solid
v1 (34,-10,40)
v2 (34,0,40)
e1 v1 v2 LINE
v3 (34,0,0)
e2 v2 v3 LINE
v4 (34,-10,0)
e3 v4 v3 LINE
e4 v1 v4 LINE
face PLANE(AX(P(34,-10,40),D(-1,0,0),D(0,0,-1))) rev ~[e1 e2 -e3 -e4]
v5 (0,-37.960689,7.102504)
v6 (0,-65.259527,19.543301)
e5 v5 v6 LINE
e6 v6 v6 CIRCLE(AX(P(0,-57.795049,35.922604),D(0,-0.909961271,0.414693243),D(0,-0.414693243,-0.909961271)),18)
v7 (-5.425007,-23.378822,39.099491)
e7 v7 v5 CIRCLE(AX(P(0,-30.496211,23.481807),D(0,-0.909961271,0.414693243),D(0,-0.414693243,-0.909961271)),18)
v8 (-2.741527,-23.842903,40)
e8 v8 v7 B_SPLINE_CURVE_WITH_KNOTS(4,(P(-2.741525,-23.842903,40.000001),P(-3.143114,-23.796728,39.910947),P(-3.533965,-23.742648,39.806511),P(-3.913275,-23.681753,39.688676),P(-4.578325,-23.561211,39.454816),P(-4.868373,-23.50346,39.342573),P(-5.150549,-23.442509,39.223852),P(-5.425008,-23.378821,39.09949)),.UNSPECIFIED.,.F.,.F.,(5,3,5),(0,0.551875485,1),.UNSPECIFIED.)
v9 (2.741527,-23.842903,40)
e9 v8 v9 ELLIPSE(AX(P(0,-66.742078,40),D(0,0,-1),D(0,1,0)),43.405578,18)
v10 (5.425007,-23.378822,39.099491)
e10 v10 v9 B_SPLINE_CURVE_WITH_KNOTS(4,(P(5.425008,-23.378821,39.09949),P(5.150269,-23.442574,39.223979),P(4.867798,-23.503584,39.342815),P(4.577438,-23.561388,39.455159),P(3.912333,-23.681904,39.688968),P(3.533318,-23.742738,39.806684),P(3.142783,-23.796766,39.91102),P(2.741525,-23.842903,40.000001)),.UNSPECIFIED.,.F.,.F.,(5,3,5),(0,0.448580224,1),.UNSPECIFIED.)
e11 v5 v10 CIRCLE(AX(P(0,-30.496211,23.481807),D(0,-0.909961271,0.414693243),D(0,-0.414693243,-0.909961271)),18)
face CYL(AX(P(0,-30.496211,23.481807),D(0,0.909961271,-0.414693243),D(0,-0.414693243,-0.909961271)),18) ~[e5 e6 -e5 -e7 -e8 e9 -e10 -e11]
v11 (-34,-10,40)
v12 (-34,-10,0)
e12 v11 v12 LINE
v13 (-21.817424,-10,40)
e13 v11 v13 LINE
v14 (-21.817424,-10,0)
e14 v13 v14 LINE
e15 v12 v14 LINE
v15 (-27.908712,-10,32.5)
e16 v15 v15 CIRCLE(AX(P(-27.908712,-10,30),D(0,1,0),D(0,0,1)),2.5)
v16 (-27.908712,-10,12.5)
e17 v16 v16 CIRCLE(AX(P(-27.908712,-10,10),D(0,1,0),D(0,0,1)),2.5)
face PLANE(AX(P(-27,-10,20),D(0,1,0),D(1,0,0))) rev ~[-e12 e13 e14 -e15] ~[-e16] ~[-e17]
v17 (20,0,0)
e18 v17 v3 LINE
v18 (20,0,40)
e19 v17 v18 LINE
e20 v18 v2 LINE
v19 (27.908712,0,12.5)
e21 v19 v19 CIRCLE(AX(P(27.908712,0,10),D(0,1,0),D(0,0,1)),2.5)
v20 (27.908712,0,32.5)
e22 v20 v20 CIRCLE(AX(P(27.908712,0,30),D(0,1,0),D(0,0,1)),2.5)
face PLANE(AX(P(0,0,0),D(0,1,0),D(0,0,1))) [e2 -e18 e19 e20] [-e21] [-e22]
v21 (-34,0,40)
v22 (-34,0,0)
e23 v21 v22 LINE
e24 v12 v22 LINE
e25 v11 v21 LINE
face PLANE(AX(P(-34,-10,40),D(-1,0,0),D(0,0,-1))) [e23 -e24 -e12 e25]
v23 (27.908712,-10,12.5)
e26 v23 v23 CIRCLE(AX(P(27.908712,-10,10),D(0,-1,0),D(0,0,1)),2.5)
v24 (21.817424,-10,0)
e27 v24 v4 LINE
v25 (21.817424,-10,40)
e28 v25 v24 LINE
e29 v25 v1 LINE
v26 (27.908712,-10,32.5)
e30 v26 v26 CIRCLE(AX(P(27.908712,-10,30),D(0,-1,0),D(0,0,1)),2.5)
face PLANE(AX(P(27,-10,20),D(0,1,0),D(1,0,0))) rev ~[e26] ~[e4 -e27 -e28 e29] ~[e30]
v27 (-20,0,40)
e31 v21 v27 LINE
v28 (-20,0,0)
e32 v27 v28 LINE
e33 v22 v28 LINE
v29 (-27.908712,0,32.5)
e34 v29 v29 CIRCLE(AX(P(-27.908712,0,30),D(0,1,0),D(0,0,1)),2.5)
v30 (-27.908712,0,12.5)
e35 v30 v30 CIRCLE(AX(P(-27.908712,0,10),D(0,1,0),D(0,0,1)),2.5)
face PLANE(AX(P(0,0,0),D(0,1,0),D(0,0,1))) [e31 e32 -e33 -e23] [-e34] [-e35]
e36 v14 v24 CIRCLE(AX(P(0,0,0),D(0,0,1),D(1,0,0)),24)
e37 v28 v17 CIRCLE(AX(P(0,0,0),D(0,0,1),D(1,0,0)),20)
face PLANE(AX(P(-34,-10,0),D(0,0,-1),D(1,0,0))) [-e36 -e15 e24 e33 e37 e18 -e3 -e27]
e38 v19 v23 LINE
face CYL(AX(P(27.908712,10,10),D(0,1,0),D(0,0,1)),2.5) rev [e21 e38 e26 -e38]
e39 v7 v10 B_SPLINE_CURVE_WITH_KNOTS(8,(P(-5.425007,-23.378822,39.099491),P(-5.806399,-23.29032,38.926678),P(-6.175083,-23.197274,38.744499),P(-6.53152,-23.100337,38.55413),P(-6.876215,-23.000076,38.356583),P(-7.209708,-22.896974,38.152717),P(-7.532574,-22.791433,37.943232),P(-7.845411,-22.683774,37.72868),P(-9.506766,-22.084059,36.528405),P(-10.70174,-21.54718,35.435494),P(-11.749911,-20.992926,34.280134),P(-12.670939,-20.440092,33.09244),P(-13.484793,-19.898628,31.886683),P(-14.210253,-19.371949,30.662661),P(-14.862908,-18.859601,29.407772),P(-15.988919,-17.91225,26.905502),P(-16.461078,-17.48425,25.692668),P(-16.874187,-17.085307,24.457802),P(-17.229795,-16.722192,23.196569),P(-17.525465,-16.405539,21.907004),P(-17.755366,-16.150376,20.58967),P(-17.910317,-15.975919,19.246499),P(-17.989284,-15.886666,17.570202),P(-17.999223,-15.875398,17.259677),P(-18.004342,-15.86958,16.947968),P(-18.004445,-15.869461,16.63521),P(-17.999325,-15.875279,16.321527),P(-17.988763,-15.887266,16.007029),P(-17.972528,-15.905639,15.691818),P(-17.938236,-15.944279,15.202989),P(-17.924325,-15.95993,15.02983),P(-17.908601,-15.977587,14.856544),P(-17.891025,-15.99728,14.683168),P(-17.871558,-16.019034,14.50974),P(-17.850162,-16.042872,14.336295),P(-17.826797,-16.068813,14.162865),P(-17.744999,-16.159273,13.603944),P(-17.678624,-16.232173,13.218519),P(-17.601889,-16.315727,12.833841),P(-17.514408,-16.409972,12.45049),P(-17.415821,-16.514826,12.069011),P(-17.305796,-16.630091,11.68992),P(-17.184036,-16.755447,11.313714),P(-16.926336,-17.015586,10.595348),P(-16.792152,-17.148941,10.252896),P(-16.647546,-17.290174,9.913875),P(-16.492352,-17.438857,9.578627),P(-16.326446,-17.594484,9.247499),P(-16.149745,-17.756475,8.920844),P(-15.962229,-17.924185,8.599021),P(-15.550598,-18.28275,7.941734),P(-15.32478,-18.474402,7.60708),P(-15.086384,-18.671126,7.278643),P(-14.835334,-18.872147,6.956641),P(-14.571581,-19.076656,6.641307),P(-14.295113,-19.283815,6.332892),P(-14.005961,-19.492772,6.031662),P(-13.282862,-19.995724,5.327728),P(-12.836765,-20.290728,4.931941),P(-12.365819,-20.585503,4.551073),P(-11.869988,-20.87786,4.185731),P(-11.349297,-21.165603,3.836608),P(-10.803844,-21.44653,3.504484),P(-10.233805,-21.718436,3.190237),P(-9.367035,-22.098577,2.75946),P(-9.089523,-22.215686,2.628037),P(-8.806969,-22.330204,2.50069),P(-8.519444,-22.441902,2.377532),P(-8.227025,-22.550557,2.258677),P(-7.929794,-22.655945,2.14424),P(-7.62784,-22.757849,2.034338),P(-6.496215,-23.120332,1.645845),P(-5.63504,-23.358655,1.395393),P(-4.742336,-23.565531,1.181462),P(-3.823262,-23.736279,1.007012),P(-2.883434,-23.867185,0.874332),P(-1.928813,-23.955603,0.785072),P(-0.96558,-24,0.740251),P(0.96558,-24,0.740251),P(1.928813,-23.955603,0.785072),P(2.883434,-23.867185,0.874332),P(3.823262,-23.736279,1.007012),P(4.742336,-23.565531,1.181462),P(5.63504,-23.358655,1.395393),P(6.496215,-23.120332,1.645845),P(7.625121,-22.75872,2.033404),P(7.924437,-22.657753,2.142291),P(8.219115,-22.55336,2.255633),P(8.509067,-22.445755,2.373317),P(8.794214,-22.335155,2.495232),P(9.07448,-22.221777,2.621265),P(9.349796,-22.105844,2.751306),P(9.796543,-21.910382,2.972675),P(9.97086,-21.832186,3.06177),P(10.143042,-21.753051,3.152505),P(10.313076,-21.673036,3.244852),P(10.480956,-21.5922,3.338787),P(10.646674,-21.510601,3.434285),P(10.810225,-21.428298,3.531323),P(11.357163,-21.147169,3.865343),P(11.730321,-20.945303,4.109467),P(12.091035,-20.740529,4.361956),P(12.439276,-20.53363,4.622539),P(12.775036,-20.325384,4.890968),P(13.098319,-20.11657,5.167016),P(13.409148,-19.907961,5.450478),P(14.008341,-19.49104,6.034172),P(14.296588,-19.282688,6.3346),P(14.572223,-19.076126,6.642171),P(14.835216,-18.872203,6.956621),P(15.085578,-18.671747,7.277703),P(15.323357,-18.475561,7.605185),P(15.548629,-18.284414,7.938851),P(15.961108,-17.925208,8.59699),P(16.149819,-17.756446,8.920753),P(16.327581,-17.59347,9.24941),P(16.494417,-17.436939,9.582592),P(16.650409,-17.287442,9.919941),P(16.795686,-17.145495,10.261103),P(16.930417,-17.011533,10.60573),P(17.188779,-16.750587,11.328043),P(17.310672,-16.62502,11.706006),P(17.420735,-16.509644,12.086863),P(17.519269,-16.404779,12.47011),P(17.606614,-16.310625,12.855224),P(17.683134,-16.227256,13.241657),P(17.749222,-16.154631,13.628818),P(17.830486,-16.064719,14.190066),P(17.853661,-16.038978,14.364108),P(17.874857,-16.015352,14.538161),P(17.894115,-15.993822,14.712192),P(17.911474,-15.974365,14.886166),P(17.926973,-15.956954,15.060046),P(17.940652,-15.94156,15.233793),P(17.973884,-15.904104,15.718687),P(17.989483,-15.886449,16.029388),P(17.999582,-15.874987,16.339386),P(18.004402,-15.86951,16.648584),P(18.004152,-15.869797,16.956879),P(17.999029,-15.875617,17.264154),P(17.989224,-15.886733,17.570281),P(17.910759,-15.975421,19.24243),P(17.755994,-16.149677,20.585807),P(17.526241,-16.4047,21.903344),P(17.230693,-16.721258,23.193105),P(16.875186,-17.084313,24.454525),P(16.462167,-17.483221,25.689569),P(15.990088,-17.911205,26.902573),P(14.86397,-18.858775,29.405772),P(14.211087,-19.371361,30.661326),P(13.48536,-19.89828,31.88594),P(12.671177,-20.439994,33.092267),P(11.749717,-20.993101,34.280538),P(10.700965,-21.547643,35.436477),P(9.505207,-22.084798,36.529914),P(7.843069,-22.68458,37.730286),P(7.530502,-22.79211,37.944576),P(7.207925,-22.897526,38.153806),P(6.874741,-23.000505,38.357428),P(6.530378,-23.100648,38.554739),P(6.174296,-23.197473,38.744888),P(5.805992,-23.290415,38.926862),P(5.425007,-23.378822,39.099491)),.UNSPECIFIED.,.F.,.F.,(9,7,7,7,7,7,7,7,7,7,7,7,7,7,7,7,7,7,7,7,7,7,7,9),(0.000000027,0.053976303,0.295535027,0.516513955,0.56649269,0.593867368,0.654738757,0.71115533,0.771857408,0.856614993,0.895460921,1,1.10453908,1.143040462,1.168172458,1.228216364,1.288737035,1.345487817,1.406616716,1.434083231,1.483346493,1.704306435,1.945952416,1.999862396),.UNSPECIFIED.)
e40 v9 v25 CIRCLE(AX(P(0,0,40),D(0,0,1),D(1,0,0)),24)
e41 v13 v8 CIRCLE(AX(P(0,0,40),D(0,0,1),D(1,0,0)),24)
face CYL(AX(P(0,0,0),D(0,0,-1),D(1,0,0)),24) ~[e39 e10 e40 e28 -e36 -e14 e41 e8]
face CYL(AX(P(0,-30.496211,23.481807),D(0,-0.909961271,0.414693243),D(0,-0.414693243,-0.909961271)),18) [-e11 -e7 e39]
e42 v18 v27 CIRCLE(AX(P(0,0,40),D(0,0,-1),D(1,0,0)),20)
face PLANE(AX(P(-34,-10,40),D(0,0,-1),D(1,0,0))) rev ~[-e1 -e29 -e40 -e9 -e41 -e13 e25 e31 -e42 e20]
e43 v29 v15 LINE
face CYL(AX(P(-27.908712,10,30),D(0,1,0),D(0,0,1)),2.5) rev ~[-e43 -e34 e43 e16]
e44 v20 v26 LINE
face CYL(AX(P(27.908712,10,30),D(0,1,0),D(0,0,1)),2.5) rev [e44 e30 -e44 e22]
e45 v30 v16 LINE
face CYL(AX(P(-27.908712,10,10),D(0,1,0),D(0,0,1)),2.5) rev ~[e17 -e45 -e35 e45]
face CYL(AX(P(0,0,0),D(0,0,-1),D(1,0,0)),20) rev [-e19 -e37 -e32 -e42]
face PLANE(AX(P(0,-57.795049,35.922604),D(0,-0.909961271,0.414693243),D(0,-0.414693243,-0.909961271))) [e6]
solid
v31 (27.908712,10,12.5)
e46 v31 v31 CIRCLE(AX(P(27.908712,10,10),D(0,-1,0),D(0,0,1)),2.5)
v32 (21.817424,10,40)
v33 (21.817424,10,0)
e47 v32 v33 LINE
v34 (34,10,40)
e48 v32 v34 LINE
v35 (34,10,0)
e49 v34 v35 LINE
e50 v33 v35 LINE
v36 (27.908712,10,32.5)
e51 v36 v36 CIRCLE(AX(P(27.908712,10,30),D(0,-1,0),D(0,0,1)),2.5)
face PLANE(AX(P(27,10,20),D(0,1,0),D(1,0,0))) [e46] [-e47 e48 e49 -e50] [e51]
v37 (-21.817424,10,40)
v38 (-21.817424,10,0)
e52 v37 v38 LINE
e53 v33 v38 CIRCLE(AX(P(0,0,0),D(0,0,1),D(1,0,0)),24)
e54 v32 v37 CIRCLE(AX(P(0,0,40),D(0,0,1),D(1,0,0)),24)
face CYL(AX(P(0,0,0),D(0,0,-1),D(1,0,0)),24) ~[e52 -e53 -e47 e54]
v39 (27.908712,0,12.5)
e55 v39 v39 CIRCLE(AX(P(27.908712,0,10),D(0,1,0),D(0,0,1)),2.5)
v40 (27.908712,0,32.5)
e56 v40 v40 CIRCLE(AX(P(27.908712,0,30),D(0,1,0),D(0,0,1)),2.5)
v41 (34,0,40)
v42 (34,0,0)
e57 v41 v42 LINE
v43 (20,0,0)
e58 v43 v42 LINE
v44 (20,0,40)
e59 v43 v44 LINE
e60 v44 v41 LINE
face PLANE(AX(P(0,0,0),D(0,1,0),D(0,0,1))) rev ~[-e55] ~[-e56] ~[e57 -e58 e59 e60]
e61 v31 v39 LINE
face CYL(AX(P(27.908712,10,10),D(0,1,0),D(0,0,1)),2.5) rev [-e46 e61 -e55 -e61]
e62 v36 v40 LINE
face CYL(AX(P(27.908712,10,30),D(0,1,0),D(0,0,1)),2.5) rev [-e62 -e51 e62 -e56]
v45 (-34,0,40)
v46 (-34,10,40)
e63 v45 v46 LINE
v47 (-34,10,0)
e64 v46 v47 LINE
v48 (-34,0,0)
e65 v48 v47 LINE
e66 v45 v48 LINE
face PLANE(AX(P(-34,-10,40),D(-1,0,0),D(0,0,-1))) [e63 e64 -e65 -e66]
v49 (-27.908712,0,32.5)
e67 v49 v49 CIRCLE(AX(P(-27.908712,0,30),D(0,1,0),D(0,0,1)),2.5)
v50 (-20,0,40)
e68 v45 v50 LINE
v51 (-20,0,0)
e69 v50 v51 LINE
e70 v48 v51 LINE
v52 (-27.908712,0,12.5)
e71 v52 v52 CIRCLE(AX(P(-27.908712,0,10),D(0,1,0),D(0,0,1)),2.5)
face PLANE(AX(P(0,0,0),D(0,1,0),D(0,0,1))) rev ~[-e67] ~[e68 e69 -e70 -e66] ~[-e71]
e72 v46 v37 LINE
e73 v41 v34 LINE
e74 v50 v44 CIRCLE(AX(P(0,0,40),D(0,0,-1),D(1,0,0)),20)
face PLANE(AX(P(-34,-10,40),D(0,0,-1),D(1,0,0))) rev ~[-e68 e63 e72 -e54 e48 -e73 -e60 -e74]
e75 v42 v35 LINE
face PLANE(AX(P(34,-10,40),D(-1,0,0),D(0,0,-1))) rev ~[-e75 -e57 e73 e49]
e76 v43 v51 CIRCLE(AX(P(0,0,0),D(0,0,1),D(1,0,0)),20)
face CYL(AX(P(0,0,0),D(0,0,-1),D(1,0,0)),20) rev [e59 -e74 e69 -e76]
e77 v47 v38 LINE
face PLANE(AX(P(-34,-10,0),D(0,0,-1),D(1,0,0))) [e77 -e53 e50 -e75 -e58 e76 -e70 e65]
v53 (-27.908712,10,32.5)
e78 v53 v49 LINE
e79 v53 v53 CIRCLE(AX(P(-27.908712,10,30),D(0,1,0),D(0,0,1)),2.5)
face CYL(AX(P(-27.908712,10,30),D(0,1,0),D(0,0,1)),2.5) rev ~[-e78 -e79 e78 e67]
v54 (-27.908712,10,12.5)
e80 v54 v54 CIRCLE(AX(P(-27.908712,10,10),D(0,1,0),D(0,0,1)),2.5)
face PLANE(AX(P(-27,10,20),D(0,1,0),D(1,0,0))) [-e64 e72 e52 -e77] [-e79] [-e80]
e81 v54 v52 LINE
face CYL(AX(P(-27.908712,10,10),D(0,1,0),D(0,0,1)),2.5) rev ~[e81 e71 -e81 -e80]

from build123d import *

# Parameters (mm, degrees)
SKETCH1_R                       = 24
SKETCH1_R_2                     = 20
BOSS_EXTRUDE1_DEPTH             = 40
BOSS_EXTRUDE2_DEPTH             = 10
BOSS_EXTRUDE2_DEPTH_BACK        = 10
SKETCH2_W                       = 14
SKETCH2_H                       = 40
CUT_EXTRUDE1_REACH              = 64.546
SKETCH5_R                       = 2.5
SKETCH6_R                       = 18
BOSS_EXTRUDE4_DEPTH             = 30
BOSS_EXTRUDE4_DIRECTION_2_REACH = 73.632


with BuildPart() as part:
    # Sketch1 → Boss-Extrude1 (new body)
    with BuildSketch(Plane.XY):
        Circle(SKETCH1_R)
        Circle(SKETCH1_R_2, mode=Mode.SUBTRACT)
    extrude(amount=BOSS_EXTRUDE1_DEPTH)

    # Sketch2 → Boss-Extrude2 (add, two sides: drawn at the far end of the back side and taken through both)
    with BuildSketch(Plane(origin=(0, 0, 0), x_dir=(1, 0, 0), z_dir=(0, 1, 0)).offset(-BOSS_EXTRUDE2_DEPTH_BACK)):
        with Locations((-27, -20)):
            Rectangle(SKETCH2_W, SKETCH2_H)
        with Locations((27, -20)):
            Rectangle(SKETCH2_W, SKETCH2_H)
    extrude(amount=BOSS_EXTRUDE2_DEPTH + BOSS_EXTRUDE2_DEPTH_BACK)

    # Sketch5 → Cut-Extrude1 (cut, up to next)
    with BuildSketch(Plane(origin=(0, 10, 0), x_dir=(1, 0, 0), z_dir=(0, 1, 0)), mode=Mode.PRIVATE) as cut_extrude1_sk1:
        with Locations((-27.908712115, -10)):
            Circle(SKETCH5_R)
    cut_extrude1_tool1 = extrude(cut_extrude1_sk1.sketch, amount=-CUT_EXTRUDE1_REACH, mode=Mode.PRIVATE) & part.part
    # Sketch5 → Cut-Extrude1 (cut, up to next)
    with BuildSketch(Plane(origin=(0, 10, 0), x_dir=(1, 0, 0), z_dir=(0, 1, 0)), mode=Mode.PRIVATE) as cut_extrude1_sk2:
        with Locations((-27.908712115, -30)):
            Circle(SKETCH5_R)
    cut_extrude1_tool2 = extrude(cut_extrude1_sk2.sketch, amount=-CUT_EXTRUDE1_REACH, mode=Mode.PRIVATE) & part.part
    cut_extrude1_1 = cut_extrude1_tool1.solids().sort_by_distance((-27.908712, 10, 10))[0]
    add(cut_extrude1_1, mode=Mode.SUBTRACT)
    cut_extrude1_2 = cut_extrude1_tool2.solids().sort_by_distance((-27.908712, 10, 30))[0]
    add(cut_extrude1_2, mode=Mode.SUBTRACT)
    cut_extrude1 = cut_extrude1_1 + cut_extrude1_2  # Cut-Extrude1 as one shape, for the pattern or mirror that repeats it

    # Mirror1: Cut-Extrude1 across plane
    add(cut_extrude1.mirror(Plane(origin=(0, 0, 0), x_dir=(0, 0, 1), z_dir=(1, 0, 0))), mode=Mode.SUBTRACT)


with BuildPart() as body_2:
    # Split1: the piece on the far side of the plane
    add(part.part)
    split(bisect_by=Plane.ZX, keep=Keep.BOTTOM)

    # Sketch6 → Boss-Extrude4 (add)
    with BuildSketch(Plane(origin=(0, -34.112734586, 15.546068799), x_dir=(1, 0, 0), z_dir=(0, -0.9099612708765458, 0.41469324265623353))):
        with Locations((0, 8.720962066)):
            Circle(SKETCH6_R)
    extrude(amount=BOSS_EXTRUDE4_DEPTH)

    # Sketch6 → Boss-Extrude4 direction 2 (add, up to next)
    with BuildSketch(Plane(origin=(0, -34.112734586, 15.546068799), x_dir=(1, 0, 0), z_dir=(0, -0.9099612708765458, 0.41469324265623353)), mode=Mode.PRIVATE) as boss_extrude4_direction_2_sk1:
        with Locations((0, 8.720962066)):
            Circle(SKETCH6_R)
    boss_extrude4_direction_2_tool1 = extrude(boss_extrude4_direction_2_sk1.sketch, amount=-BOSS_EXTRUDE4_DIRECTION_2_REACH, mode=Mode.PRIVATE) - body_2.part
    add(boss_extrude4_direction_2_tool1.solids().sort_by_distance((0, -30.496211, 23.481807))[0])


with BuildPart() as part_1:
    add(part.part)

    # Split1
    split(bisect_by=Plane.ZX, keep=Keep.TOP)


solid = Compound([body_2.part, part_1.part])
